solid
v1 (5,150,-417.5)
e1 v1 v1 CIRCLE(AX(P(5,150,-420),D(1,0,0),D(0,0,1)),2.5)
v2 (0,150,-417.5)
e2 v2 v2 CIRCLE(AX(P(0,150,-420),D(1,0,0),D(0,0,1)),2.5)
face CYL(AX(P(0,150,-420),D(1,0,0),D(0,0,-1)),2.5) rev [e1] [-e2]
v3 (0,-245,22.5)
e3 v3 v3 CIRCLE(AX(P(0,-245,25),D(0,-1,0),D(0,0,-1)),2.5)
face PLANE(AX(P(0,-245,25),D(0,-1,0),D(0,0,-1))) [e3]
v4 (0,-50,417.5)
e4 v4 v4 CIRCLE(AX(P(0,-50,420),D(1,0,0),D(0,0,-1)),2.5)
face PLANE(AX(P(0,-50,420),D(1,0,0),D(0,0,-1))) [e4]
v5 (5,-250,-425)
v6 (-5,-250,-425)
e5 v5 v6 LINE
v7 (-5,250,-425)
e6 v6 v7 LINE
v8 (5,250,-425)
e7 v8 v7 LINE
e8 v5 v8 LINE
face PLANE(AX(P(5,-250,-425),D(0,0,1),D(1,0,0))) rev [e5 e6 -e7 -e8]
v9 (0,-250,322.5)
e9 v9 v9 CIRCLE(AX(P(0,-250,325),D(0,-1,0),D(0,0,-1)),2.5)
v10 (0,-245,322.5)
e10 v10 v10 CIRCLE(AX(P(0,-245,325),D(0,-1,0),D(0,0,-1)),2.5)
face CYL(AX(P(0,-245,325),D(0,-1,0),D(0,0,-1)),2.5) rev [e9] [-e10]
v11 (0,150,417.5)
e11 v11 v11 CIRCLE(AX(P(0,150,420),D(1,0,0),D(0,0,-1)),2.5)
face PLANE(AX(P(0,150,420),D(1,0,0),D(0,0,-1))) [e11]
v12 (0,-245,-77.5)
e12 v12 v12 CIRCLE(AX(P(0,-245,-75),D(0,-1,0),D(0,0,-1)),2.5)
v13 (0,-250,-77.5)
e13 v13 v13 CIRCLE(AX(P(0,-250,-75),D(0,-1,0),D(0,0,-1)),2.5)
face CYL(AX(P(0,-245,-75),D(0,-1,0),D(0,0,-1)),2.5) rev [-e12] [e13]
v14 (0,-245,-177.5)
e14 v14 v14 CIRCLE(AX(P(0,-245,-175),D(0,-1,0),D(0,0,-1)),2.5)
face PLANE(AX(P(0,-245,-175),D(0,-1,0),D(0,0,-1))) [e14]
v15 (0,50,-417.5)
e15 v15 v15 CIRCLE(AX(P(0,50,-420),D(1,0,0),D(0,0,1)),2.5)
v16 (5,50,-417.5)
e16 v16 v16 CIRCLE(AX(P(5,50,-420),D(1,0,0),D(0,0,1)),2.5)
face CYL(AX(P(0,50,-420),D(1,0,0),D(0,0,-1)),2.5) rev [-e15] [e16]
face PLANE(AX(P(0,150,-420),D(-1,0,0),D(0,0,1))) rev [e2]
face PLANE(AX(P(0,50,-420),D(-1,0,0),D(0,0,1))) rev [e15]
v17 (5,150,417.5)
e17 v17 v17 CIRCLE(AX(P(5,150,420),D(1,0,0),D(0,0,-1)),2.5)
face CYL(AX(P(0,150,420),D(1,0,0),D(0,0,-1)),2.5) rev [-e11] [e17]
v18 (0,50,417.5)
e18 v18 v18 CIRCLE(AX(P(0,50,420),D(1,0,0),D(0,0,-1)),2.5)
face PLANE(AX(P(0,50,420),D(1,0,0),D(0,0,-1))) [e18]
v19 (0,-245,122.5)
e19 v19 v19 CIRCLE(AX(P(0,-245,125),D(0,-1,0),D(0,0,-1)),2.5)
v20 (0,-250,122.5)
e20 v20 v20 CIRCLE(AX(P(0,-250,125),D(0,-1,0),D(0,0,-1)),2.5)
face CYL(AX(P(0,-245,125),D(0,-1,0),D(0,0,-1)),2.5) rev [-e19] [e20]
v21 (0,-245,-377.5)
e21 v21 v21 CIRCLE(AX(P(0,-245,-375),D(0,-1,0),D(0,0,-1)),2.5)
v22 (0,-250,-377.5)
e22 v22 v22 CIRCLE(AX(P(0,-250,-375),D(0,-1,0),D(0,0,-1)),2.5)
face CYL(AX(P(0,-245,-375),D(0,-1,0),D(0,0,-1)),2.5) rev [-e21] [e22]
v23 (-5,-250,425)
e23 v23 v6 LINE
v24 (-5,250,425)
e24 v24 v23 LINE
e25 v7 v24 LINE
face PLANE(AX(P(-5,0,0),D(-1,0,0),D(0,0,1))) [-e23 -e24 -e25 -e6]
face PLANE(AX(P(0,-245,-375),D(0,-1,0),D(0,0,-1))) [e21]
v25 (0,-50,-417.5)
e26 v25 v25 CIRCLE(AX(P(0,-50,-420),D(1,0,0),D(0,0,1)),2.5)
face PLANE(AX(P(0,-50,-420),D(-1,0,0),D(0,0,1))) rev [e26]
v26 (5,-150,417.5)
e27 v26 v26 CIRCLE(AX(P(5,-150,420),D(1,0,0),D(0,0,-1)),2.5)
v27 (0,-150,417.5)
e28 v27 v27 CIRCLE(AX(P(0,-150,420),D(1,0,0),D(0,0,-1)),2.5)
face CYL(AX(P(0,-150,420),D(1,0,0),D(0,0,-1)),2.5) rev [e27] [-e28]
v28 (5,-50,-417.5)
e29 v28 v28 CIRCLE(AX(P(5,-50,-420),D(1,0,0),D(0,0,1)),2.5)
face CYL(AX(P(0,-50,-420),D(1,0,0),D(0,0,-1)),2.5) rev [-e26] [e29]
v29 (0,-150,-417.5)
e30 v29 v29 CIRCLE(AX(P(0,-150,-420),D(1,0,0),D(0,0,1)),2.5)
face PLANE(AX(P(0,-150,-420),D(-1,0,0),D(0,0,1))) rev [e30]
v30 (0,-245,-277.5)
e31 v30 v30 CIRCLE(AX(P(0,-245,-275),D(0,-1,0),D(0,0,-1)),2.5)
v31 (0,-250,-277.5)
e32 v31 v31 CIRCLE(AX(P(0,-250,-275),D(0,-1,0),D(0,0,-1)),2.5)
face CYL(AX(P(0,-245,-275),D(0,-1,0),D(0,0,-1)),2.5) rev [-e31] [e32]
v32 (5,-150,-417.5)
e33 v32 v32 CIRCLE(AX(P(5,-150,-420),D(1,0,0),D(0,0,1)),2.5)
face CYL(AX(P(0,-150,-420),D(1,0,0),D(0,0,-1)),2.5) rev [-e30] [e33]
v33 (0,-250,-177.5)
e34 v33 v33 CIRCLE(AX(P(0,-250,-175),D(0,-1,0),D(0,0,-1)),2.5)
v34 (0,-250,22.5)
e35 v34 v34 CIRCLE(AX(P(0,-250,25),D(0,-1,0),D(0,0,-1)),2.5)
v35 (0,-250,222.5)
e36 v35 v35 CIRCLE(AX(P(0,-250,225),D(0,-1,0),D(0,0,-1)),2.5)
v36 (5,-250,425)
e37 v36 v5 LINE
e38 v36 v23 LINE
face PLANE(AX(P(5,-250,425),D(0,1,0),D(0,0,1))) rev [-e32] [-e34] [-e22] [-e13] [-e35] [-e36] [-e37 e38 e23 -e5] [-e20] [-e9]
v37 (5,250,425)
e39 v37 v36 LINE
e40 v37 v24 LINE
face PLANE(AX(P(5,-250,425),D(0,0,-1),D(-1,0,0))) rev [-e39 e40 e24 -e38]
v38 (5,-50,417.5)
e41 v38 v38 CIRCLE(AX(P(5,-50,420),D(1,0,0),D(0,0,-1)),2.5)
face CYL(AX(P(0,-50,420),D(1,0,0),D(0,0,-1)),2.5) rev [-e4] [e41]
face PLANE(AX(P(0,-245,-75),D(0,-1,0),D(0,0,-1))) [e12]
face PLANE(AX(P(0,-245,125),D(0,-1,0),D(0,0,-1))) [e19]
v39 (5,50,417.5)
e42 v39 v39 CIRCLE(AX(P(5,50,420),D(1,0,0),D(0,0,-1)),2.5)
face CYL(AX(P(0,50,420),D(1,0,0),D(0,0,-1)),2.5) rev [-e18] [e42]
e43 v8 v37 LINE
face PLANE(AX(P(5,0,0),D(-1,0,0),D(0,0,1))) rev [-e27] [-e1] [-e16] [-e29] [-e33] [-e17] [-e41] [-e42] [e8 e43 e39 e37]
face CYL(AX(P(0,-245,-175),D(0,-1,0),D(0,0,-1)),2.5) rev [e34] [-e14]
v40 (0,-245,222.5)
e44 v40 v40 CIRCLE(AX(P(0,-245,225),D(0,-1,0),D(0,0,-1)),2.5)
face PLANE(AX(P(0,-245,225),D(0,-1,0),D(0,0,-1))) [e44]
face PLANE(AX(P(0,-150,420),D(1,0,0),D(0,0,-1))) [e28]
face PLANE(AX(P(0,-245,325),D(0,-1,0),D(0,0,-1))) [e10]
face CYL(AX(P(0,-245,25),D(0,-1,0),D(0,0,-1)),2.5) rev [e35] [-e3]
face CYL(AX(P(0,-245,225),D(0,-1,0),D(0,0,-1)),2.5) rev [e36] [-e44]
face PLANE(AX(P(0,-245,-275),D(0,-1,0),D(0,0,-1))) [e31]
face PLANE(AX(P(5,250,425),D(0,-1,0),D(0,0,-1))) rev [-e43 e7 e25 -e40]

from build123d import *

# Parameters (mm, degrees)
CROQUIS1_W              = 850
CROQUIS1_H              = 500
SALIENTE_EXTRUIR1_DEPTH = 5
CROQUIS3_R              = 2.5
CORTAR_EXTRUIR1_DEPTH   = 5
CROQUIS5_R              = 2.5
CORTAR_EXTRUIR3_DEPTH   = 5


with BuildPart() as part:
    # Croquis1 → Saliente-Extruir1 (new, symmetric)
    with BuildSketch(Plane(origin=(0, 0, 0), x_dir=(0, 0, -1), z_dir=(1, 0, 0))):
        Rectangle(CROQUIS1_W, CROQUIS1_H)
    extrude(amount=SALIENTE_EXTRUIR1_DEPTH, both=True)

    # Croquis3 → Cortar-Extruir1 (cut)
    with BuildSketch(Plane.XZ.offset(250)):
        with Locations(Location((0, -375, 0), (0, 0, 270))):
            Circle(CROQUIS3_R)
        with Locations(Location((0, -275, 0), (0, 0, 270))):
            Circle(CROQUIS3_R)
        with Locations(Location((0, -175, 0), (0, 0, 270))):
            Circle(CROQUIS3_R)
        with Locations(Location((0, -75, 0), (0, 0, 270))):
            Circle(CROQUIS3_R)
        with Locations(Location((0, 25, 0), (0, 0, 270))):
            Circle(CROQUIS3_R)
        with Locations(Location((0, 125, 0), (0, 0, 270))):
            Circle(CROQUIS3_R)
        with Locations(Location((0, 225, 0), (0, 0, 270))):
            Circle(CROQUIS3_R)
        with Locations(Location((0, 325, 0), (0, 0, 270))):
            Circle(CROQUIS3_R)
    extrude(amount=-CORTAR_EXTRUIR1_DEPTH, mode=Mode.SUBTRACT)

    # Croquis5 → Cortar-Extruir3 (cut)
    with BuildSketch(Plane(origin=(5, 0, 0), x_dir=(0, 0, -1), z_dir=(1, 0, 0))):
        with Locations((-420, -150)):
            Circle(CROQUIS5_R)
        with Locations((-420, -50)):
            Circle(CROQUIS5_R)
        with Locations((-420, 50)):
            Circle(CROQUIS5_R)
        with Locations((-420, 150)):
            Circle(CROQUIS5_R)
        with Locations(Location((420, 150, 0), (0, 0, 180))):
            Circle(CROQUIS5_R)
        with Locations(Location((420, 50, 0), (0, 0, 180))):
            Circle(CROQUIS5_R)
        with Locations(Location((420, -50, 0), (0, 0, 180))):
            Circle(CROQUIS5_R)
        with Locations(Location((420, -150, 0), (0, 0, 180))):
            Circle(CROQUIS5_R)
    extrude(amount=-CORTAR_EXTRUIR3_DEPTH, mode=Mode.SUBTRACT)


solid = part.part
